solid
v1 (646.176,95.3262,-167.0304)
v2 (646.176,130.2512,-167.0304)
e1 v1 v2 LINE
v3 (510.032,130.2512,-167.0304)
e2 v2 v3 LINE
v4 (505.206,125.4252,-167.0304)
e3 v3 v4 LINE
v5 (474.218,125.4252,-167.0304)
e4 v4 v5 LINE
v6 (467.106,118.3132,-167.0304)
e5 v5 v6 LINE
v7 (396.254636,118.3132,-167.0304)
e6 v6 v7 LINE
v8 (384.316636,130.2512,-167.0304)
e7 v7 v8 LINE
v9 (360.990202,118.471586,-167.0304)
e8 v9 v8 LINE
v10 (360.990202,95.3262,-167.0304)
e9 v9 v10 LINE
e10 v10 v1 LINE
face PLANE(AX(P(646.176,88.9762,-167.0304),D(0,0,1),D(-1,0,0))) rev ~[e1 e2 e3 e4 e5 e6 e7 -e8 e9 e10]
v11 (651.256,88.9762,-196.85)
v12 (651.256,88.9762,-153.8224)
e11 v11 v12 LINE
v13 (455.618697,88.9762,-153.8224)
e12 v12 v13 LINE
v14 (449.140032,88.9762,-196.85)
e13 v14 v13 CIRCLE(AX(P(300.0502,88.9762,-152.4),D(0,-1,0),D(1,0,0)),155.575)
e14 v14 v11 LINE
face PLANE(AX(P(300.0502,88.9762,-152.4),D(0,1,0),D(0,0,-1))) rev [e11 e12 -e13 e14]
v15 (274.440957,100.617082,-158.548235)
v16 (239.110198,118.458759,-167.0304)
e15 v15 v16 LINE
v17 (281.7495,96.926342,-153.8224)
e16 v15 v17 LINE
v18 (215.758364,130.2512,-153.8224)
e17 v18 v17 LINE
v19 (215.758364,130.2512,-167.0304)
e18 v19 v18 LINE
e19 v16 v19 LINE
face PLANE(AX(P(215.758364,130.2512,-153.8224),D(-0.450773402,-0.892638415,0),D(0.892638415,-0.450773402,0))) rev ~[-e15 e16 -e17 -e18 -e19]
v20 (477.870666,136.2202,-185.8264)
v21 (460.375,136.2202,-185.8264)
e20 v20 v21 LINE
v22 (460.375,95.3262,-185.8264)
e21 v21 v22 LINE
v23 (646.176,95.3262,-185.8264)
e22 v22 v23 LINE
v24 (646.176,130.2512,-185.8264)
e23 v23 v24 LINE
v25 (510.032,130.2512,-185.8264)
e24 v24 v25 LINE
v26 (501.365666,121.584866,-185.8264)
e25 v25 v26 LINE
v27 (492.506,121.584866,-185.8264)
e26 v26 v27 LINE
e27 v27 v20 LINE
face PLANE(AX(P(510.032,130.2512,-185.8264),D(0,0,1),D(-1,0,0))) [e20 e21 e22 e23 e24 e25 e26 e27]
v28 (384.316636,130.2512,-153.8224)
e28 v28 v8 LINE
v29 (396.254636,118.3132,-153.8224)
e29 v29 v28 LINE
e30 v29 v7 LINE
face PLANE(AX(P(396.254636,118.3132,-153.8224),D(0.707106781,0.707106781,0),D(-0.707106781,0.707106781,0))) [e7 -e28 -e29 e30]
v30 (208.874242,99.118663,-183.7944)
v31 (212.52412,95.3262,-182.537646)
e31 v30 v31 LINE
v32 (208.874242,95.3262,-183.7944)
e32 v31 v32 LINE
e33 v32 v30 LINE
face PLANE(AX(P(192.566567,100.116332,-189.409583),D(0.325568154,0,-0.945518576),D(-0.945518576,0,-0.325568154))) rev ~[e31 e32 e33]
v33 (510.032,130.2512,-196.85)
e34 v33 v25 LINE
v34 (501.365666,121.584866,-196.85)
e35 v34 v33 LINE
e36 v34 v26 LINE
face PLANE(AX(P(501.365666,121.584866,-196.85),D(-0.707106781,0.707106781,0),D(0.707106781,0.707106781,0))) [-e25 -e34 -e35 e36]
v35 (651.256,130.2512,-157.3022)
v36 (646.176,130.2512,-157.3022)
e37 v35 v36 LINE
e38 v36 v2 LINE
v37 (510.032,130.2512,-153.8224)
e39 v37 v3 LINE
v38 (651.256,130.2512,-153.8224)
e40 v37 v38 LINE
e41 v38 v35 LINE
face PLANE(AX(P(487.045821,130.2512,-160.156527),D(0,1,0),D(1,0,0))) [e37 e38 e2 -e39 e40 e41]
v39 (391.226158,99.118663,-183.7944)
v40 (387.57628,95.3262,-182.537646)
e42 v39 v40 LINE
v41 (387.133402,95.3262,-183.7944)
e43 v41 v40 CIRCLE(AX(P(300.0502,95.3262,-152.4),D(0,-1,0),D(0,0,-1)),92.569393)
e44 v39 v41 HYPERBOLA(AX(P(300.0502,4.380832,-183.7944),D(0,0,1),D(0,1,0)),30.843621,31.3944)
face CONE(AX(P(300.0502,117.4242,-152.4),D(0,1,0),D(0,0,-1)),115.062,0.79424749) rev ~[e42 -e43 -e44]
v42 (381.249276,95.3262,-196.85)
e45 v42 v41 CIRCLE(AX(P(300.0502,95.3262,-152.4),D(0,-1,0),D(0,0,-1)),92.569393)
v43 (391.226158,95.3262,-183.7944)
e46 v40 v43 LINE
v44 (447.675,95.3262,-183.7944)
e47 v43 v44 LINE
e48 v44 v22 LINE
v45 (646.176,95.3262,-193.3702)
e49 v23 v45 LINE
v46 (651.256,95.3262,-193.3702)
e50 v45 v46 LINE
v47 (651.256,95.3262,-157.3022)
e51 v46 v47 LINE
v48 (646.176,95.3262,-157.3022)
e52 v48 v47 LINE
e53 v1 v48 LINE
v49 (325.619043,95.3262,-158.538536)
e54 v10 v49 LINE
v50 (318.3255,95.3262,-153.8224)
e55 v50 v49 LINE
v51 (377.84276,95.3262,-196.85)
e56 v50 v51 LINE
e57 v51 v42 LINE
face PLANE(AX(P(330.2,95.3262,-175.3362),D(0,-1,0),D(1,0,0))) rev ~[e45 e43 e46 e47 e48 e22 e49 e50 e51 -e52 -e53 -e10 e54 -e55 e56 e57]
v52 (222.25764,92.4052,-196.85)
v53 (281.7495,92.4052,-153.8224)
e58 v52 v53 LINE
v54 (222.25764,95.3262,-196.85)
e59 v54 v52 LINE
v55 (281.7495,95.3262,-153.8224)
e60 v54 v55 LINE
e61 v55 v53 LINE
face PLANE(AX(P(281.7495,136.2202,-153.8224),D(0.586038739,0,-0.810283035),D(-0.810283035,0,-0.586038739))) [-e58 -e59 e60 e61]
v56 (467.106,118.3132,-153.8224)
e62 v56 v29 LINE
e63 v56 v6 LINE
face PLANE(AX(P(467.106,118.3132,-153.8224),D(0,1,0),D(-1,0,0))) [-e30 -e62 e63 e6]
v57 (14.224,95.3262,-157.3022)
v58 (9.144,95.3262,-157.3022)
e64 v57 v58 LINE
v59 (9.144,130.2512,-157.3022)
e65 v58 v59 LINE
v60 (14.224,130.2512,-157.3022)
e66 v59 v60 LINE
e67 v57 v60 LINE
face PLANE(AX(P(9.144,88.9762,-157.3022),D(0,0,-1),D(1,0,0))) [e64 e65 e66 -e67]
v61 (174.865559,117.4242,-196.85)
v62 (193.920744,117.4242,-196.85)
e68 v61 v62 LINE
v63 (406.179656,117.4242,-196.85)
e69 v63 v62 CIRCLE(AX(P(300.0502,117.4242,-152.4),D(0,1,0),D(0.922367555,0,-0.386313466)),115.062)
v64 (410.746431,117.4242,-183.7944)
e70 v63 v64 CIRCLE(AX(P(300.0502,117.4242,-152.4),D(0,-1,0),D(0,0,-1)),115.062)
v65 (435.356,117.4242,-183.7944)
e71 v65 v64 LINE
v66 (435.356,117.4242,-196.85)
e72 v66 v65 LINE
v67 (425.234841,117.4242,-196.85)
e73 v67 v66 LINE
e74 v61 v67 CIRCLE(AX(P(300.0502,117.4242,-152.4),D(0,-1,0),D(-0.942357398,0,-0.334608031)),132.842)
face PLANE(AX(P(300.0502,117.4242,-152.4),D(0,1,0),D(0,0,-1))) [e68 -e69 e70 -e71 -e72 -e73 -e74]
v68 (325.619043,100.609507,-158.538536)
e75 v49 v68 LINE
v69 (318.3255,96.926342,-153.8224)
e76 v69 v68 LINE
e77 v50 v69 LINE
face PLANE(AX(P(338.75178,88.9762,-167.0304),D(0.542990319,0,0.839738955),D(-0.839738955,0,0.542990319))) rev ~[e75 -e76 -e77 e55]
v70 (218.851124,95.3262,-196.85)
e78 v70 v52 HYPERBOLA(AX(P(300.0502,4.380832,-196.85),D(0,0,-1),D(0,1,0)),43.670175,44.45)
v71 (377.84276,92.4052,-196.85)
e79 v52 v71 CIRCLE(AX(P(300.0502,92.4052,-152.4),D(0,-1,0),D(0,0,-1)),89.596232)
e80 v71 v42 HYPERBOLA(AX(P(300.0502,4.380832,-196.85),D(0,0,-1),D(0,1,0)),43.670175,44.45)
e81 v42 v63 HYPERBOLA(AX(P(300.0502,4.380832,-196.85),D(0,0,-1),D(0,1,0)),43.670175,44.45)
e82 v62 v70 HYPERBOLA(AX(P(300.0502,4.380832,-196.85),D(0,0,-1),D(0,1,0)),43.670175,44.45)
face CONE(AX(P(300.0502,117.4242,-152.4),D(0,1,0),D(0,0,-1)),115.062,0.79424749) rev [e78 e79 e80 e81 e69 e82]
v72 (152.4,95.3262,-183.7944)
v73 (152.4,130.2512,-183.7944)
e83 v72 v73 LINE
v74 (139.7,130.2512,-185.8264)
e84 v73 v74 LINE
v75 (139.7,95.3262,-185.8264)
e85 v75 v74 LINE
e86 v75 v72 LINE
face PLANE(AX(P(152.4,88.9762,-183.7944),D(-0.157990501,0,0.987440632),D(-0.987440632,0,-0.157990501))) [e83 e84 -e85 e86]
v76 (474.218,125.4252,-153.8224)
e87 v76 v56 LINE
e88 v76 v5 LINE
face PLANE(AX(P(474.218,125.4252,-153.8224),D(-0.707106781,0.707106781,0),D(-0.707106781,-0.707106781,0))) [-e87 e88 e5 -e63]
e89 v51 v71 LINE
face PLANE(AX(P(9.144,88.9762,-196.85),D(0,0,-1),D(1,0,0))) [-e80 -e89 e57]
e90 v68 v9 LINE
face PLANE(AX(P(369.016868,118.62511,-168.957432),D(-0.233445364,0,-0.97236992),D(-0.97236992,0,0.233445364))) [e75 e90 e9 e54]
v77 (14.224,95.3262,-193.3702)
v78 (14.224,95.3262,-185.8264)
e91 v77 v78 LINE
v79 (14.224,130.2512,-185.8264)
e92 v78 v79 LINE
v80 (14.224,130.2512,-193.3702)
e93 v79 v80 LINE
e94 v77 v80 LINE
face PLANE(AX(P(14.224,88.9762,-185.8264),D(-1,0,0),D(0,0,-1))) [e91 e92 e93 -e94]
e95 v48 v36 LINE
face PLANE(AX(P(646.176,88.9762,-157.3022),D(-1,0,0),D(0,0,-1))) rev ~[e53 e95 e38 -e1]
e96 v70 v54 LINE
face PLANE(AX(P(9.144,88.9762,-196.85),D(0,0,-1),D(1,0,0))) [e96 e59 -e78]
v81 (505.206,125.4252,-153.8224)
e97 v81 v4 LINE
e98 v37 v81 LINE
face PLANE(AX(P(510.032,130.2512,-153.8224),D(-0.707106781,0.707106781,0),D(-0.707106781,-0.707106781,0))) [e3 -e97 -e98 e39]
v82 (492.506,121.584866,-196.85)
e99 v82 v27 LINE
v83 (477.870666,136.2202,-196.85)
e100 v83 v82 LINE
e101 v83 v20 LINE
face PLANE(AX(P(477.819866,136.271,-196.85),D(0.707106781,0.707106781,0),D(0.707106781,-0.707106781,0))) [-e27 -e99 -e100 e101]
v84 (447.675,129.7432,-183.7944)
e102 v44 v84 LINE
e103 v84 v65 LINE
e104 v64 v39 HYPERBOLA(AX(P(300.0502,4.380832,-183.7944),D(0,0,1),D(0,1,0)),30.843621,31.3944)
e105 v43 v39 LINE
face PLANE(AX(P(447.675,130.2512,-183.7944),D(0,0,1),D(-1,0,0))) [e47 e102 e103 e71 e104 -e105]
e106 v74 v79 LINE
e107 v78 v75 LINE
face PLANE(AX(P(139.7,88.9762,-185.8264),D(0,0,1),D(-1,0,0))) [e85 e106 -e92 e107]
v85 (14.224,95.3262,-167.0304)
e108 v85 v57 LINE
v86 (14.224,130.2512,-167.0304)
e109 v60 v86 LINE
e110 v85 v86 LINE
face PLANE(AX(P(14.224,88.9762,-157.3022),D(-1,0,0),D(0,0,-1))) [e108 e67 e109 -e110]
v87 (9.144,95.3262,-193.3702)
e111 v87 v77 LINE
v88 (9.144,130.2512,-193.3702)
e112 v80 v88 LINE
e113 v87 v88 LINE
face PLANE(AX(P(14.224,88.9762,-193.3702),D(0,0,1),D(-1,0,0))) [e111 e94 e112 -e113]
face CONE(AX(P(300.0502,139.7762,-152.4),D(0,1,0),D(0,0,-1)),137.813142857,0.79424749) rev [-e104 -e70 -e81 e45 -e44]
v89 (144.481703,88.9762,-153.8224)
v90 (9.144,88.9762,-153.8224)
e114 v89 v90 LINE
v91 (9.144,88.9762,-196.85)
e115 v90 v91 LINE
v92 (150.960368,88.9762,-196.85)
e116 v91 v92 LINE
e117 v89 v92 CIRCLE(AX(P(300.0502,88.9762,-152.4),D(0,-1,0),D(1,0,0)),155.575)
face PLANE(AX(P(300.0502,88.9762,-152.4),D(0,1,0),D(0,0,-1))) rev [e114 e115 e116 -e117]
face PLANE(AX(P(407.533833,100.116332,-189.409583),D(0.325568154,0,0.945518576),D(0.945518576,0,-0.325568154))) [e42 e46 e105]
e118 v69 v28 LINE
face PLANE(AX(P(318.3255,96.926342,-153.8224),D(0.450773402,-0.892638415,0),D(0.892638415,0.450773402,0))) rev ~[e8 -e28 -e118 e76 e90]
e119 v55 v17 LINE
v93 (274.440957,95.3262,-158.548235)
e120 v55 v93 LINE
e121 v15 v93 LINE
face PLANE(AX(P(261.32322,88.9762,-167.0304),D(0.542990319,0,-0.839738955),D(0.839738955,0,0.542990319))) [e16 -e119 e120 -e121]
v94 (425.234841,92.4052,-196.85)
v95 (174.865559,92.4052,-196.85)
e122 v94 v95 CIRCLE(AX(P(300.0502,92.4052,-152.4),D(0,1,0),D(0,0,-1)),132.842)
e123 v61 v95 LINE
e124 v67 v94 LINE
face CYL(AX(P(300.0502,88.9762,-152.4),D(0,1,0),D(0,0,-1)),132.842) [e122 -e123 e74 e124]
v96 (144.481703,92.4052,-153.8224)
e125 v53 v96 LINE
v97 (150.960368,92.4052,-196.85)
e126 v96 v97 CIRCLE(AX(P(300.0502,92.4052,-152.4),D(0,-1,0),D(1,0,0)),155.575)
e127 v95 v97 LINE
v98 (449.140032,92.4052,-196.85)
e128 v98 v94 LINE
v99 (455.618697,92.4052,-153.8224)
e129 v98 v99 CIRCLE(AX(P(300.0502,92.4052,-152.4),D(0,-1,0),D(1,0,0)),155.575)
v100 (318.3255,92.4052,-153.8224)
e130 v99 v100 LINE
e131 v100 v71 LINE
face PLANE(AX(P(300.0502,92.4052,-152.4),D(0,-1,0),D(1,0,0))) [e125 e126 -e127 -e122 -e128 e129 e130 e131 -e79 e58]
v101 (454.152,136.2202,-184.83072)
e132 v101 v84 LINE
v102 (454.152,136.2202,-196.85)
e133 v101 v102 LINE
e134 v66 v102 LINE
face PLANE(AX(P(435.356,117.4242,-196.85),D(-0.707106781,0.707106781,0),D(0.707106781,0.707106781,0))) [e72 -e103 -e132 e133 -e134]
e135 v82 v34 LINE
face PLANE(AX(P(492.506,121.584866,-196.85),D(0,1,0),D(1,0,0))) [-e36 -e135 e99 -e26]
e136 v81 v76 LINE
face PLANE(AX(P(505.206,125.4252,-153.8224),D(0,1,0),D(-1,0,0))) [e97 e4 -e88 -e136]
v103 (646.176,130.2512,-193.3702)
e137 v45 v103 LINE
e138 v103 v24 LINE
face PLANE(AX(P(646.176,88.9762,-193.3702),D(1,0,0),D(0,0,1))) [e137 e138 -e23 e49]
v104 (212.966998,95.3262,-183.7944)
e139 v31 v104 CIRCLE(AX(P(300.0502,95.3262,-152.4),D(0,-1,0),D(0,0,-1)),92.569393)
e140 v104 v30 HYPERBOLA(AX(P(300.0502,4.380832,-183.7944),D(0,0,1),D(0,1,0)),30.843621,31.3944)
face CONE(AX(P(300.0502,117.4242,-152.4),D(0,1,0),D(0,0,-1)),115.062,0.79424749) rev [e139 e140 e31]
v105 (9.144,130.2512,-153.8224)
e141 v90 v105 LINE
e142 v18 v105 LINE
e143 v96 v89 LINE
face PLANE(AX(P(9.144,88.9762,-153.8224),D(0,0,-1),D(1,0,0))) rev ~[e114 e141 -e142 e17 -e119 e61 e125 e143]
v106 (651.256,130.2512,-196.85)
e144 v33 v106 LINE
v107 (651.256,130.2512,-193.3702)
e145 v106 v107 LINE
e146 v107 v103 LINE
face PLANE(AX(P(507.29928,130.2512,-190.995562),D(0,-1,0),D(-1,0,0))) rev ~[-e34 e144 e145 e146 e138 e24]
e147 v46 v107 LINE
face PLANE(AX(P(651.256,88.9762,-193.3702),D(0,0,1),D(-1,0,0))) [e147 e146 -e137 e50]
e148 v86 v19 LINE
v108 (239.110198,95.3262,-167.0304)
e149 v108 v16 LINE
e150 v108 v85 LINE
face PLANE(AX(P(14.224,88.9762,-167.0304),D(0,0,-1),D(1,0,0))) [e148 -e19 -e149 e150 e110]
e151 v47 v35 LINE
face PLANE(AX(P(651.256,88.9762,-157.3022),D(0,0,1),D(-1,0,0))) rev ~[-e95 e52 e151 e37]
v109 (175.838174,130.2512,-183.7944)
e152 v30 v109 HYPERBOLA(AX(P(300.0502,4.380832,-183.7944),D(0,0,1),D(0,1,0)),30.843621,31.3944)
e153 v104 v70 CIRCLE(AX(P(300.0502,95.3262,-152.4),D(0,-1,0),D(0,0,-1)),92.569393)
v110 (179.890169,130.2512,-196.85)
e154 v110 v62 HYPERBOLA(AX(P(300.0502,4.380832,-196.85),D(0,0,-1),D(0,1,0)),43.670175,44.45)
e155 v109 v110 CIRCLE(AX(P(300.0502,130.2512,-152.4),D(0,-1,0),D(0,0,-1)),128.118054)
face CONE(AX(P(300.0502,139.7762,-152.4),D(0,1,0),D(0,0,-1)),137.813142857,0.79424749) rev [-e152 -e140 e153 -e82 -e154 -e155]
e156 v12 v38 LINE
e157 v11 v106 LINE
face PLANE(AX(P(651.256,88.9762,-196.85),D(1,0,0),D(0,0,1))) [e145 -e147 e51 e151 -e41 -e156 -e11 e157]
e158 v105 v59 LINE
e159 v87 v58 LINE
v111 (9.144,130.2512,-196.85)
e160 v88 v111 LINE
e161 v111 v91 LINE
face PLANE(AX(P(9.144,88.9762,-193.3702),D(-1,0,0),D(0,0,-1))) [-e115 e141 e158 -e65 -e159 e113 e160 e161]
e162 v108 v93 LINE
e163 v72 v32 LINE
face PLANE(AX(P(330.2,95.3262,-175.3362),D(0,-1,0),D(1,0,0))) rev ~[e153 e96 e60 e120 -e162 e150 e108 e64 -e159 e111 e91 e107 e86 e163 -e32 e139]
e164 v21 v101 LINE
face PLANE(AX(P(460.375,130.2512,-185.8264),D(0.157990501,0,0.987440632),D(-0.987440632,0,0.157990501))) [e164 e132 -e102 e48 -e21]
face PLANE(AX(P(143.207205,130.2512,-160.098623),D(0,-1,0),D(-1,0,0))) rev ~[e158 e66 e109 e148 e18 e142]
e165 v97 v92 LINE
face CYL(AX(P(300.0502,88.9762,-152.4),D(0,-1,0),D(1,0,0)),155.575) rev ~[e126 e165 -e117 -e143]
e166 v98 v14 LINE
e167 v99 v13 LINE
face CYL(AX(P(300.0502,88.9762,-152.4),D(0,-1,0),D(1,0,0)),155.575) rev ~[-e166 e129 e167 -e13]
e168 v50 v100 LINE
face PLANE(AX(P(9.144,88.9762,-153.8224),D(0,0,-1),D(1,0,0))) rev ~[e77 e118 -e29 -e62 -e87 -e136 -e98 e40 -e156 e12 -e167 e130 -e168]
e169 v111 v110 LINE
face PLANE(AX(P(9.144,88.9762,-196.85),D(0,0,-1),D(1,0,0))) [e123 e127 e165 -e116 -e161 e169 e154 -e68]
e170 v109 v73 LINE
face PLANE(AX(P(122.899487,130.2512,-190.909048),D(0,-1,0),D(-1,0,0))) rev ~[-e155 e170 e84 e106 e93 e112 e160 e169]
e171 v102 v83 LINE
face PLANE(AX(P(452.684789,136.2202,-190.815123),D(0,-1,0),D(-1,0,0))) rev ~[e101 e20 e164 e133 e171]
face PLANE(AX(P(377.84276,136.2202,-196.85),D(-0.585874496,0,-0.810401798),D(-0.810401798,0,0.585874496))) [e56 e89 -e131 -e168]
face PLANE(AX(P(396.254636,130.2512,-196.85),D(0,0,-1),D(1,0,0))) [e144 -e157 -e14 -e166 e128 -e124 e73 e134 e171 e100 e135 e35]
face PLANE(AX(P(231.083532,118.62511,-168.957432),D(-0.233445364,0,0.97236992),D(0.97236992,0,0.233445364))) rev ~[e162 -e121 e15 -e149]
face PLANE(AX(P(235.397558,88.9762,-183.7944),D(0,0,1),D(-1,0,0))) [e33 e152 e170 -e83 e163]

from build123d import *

# Parameters (mm, degrees)
BOSS_EXTRUDE4_DEPTH   = 41.275
BOSS_EXTRUDE4_2_DEPTH = 41.275
BOSS_EXTRUDE4_3_DEPTH = 41.275
BOSS_EXTRUDE4_4_DEPTH = 41.275
CUT_EXTRUDE12_DEPTH   = 10.668
CUT_EXTRUDE13_DEPTH   = 29.972
CUT_EXTRUDE7_DEPTH    = 44.0276
CUT_EXTRUDE9_DEPTH    = 15.24
BOSS_EXTRUDE6_DEPTH   = 5.969
CUT_EXTRUDE15_DEPTH   = 19.05
REVOLVE1_ANGLE        = 142
CUT_REVOLVE1_ANGLE    = 153
SKETCH39_W            = 642.112
SKETCH39_H            = 43.0276
BOSS_EXTRUDE5_DEPTH   = 6.35
SKETCH38_R            = 155.575
CUT_EXTRUDE14_DEPTH   = 3.429
CUT_EXTRUDE16_DEPTH   = 48.244


with BuildPart() as part:
    # Sketch5 → Boss-Extrude4 (new body)
    with BuildSketch(Plane(origin=(0, 88.9762, 0), x_dir=(1, 0, 0), z_dir=(0, 1, 0))):
        Polygon((281.7495, 153.8224), (9.144, 153.8224), (9.144, 157.3022), (14.224, 157.3022), (14.224, 167.0304), (261.323220327, 167.0304), align=None)
    extrude(amount=BOSS_EXTRUDE4_DEPTH)


with BuildPart() as body_2:
    # Sketch5 → Boss-Extrude4 2 (new body)
    with BuildSketch(Plane(origin=(0, 88.9762, 0), x_dir=(1, 0, 0), z_dir=(0, 1, 0))):
        with BuildLine():
            Line((9.144, 196.85), (230.476735197, 196.85))
            ThreePointArc((230.476735197, 196.85), (228.329031076, 193.294962827), (226.362857042, 189.6364))
            Line((226.362857042, 189.6364), (235.397557666, 183.7944))
            Line((235.397557666, 183.7944), (152.4, 183.7944))
            Line((152.4, 183.7944), (139.7, 185.8264))
            Line((139.7, 185.8264), (14.224, 185.8264))
            Line((14.224, 185.8264), (14.224, 193.3702))
            Line((14.224, 193.3702), (9.144, 193.3702))
            Line((9.144, 193.3702), (9.144, 196.85))
        make_face()
    extrude(amount=BOSS_EXTRUDE4_2_DEPTH)


with BuildPart() as body_3:
    # Sketch5 → Boss-Extrude4 3 (new body)
    with BuildSketch(Plane(origin=(0, 88.9762, 0), x_dir=(1, 0, 0), z_dir=(0, 1, 0))):
        with BuildLine():
            Line((364.677442334, 183.7944), (373.712142958, 189.6364))
            ThreePointArc((373.712142958, 189.6364), (371.745968924, 193.294962827), (369.598264803, 196.85))
            Line((369.598264803, 196.85), (651.256, 196.85))
            Line((651.256, 196.85), (651.256, 193.3702))
            Line((651.256, 193.3702), (646.176, 193.3702))
            Line((646.176, 193.3702), (646.176, 185.8264))
            Line((646.176, 185.8264), (460.375, 185.8264))
            Line((460.375, 185.8264), (447.675, 183.7944))
            Line((447.675, 183.7944), (364.677442334, 183.7944))
        make_face()
    extrude(amount=BOSS_EXTRUDE4_3_DEPTH)


with BuildPart() as body_4:
    # Sketch5 → Boss-Extrude4 4 (new body)
    with BuildSketch(Plane(origin=(0, 88.9762, 0), x_dir=(1, 0, 0), z_dir=(0, 1, 0))):
        Polygon((646.176, 167.0304), (338.751779673, 167.0304), (318.3255, 153.8224), (651.256, 153.8224), (651.256, 157.3022), (646.176, 157.3022), align=None)
    extrude(amount=BOSS_EXTRUDE4_4_DEPTH)


with BuildPart() as cut_extrude12_tool:
    # Sketch22<2> → Cut-Extrude12 (new body)
    with BuildSketch(Plane.XY.offset(-153.8224)):
        Polygon((318.3255, 96.926341572), (384.316635768, 130.2512), (215.758364232, 130.2512), (281.7495, 96.926341572), (281.7495, 92.1512), (318.3255, 92.1512), align=None)
    extrude(amount=-CUT_EXTRUDE12_DEPTH)


with BuildPart() as part_1:
    add(part.part)

    # Cut-Extrude12: cut by cut_extrude12_tool
    add(cut_extrude12_tool.part, mode=Mode.SUBTRACT)


with BuildPart() as body_4_1:
    add(body_4.part)

    # Cut-Extrude12: cut by cut_extrude12_tool
    add(cut_extrude12_tool.part, mode=Mode.SUBTRACT)


with BuildPart() as cut_extrude13_tool:
    # Sketch22<3> → Cut-Extrude13 (new body)
    with BuildSketch(Plane.XY.offset(-153.8224)):
        Polygon((318.3255, 96.926341572), (384.316635768, 130.2512), (215.758364232, 130.2512), (281.7495, 96.926341572), (281.7495, 92.1512), (318.3255, 92.1512), align=None)
    extrude(amount=-CUT_EXTRUDE13_DEPTH)


with BuildPart() as part_2:
    add(part_1.part)

    # Cut-Extrude13: cut by cut_extrude13_tool
    add(cut_extrude13_tool.part, mode=Mode.SUBTRACT)


with BuildPart() as body_4_2:
    add(body_4_1.part)

    # Cut-Extrude13: cut by cut_extrude13_tool
    add(cut_extrude13_tool.part, mode=Mode.SUBTRACT)

    # Sketch26 → Cut-Extrude9 (cut)
    with BuildSketch(Plane.XY.offset(-153.8224)):
        Polygon((510.032, 130.2512), (505.206, 125.4252), (474.218, 125.4252), (467.106, 118.3132), (396.254635768, 118.3132), (384.316635768, 130.2512), align=None)
    extrude(amount=-CUT_EXTRUDE9_DEPTH, mode=Mode.SUBTRACT)


with BuildPart() as cut_extrude7_tool:
    # Sketch22 → Cut-Extrude7 (new body, through all)
    with BuildSketch(Plane.XY.offset(-153.8224)):
        Polygon((318.3255, 96.926341572), (384.316635768, 130.2512), (215.758364232, 130.2512), (281.7495, 96.926341572), (281.7495, 92.1512), (318.3255, 92.1512), align=None)
    extrude(amount=-CUT_EXTRUDE7_DEPTH)


with BuildPart() as body_2_1:
    add(body_2.part)

    # Cut-Extrude7: cut by cut_extrude7_tool
    add(cut_extrude7_tool.part, mode=Mode.SUBTRACT)



with BuildPart() as body_3_1:
    add(body_3.part)

    # Cut-Extrude7: cut by cut_extrude7_tool
    add(cut_extrude7_tool.part, mode=Mode.SUBTRACT)

    # Sketch42 → Boss-Extrude6 (add)
    with BuildSketch(Plane(origin=(0, 130.2512, 0), x_dir=(1, 0, 0), z_dir=(0, 1, 0))):
        Polygon((396.254635768, 196.85), (510.032, 196.85), (510.032, 185.8264), (460.375, 185.8264), (447.675, 183.7944), (396.254635768, 183.7944), align=None)
    extrude(amount=BOSS_EXTRUDE6_DEPTH)

    # Sketch36 → Cut-Extrude15 (cut)
    with BuildSketch(Plane.XY.offset(-196.85)):
        Polygon((435.356, 117.4242), (454.2028, 136.271), (477.819866452, 136.271), (492.506, 121.584866452), (501.365666452, 121.584866452), (510.032, 130.2512), (531.547497997, 151.766697997), (332.480700093, 151.766697997), (332.480700093, 117.4242), align=None)
    extrude(amount=CUT_EXTRUDE15_DEPTH, mode=Mode.SUBTRACT)


with BuildPart() as body_2_2:
    add(body_2_1.part)

    add(body_3_1.part)  # Revolve1 merges body 3
    # Sketch37 → Revolve1 (revolve, symmetric)
    with BuildSketch(Plane(origin=(300.0502, 0, 0), x_dir=(0, 0, -1), z_dir=(1, 0, 0))) as revolve1_sk:
        Polygon((238.506, 88.9762), (285.242, 88.9762), (285.242, 117.4242), (267.462, 117.4242), align=None)
    revolve(axis=Axis((300.0502, 133.091662173, -152.4), (0, -1, 0)), revolution_arc=REVOLVE1_ANGLE / 2)
    revolve(revolve1_sk.sketch, axis=Axis((300.0502, 133.091662173, -152.4), (0, 1, 0)), revolution_arc=REVOLVE1_ANGLE / 2)


with BuildPart() as cut_revolve1_tool:
    # Sketch41 → Cut-Revolve1 (revolve, symmetric)
    with BuildSketch(Plane(origin=(300.0502, 0, 0), x_dir=(0, 0, -1), z_dir=(1, 0, 0))) as cut_revolve1_sk:
        Polygon((290.213142857, 139.7762), (238.506, 88.9762), (171.45, 88.9762), (171.45, 139.7762), align=None)
    revolve(axis=Axis((300.0502, 150.973417034, -152.4), (0, -1, 0)), revolution_arc=CUT_REVOLVE1_ANGLE / 2)
    revolve(cut_revolve1_sk.sketch, axis=Axis((300.0502, 150.973417034, -152.4), (0, 1, 0)), revolution_arc=CUT_REVOLVE1_ANGLE / 2)


with BuildPart() as part_3:
    add(part_2.part)

    # Cut-Revolve1: cut by cut_revolve1_tool
    add(cut_revolve1_tool.part, mode=Mode.SUBTRACT)



with BuildPart() as body_2_3:
    add(body_2_2.part)

    # Cut-Revolve1: cut by cut_revolve1_tool
    add(cut_revolve1_tool.part, mode=Mode.SUBTRACT)


with BuildPart() as body_4_3:
    add(body_4_2.part)

    # Cut-Revolve1: cut by cut_revolve1_tool
    add(cut_revolve1_tool.part, mode=Mode.SUBTRACT)


with BuildPart() as part_4:
    add(part_3.part)

    add(body_2_3.part)  # Boss-Extrude5 merges body 2

    add(body_4_3.part)  # Boss-Extrude5 merges body 4
    # Sketch39 → Boss-Extrude5 (add)
    with BuildSketch(Plane.XZ.offset(-88.9762)):
        with Locations((330.2, -175.3362)):
            Rectangle(SKETCH39_W, SKETCH39_H)
    extrude(amount=-BOSS_EXTRUDE5_DEPTH)

    # Sketch38 → Cut-Extrude14 (cut)
    with BuildSketch(Plane.XZ.offset(-88.9762)):
        with Locations((300.0502, -152.4)):
            Circle(SKETCH38_R)
    extrude(amount=-CUT_EXTRUDE14_DEPTH, mode=Mode.SUBTRACT)

    # Sketch43 → Cut-Extrude16 (cut, through all)
    with BuildSketch(Plane(origin=(0, 136.2202, 0), x_dir=(1, 0, 0), z_dir=(0, 1, 0))):
        with BuildLine():
            Line((281.7495, 153.8224), (222.257640496, 196.85))
            ThreePointArc((222.257640496, 196.85), (300.0502, 241.996232143), (377.842759504, 196.85))
            Line((377.842759504, 196.85), (318.3255, 153.8224))
            Line((318.3255, 153.8224), (281.7495, 153.8224))
        make_face()
    extrude(amount=-CUT_EXTRUDE16_DEPTH, mode=Mode.SUBTRACT)


solid = part_4.part
